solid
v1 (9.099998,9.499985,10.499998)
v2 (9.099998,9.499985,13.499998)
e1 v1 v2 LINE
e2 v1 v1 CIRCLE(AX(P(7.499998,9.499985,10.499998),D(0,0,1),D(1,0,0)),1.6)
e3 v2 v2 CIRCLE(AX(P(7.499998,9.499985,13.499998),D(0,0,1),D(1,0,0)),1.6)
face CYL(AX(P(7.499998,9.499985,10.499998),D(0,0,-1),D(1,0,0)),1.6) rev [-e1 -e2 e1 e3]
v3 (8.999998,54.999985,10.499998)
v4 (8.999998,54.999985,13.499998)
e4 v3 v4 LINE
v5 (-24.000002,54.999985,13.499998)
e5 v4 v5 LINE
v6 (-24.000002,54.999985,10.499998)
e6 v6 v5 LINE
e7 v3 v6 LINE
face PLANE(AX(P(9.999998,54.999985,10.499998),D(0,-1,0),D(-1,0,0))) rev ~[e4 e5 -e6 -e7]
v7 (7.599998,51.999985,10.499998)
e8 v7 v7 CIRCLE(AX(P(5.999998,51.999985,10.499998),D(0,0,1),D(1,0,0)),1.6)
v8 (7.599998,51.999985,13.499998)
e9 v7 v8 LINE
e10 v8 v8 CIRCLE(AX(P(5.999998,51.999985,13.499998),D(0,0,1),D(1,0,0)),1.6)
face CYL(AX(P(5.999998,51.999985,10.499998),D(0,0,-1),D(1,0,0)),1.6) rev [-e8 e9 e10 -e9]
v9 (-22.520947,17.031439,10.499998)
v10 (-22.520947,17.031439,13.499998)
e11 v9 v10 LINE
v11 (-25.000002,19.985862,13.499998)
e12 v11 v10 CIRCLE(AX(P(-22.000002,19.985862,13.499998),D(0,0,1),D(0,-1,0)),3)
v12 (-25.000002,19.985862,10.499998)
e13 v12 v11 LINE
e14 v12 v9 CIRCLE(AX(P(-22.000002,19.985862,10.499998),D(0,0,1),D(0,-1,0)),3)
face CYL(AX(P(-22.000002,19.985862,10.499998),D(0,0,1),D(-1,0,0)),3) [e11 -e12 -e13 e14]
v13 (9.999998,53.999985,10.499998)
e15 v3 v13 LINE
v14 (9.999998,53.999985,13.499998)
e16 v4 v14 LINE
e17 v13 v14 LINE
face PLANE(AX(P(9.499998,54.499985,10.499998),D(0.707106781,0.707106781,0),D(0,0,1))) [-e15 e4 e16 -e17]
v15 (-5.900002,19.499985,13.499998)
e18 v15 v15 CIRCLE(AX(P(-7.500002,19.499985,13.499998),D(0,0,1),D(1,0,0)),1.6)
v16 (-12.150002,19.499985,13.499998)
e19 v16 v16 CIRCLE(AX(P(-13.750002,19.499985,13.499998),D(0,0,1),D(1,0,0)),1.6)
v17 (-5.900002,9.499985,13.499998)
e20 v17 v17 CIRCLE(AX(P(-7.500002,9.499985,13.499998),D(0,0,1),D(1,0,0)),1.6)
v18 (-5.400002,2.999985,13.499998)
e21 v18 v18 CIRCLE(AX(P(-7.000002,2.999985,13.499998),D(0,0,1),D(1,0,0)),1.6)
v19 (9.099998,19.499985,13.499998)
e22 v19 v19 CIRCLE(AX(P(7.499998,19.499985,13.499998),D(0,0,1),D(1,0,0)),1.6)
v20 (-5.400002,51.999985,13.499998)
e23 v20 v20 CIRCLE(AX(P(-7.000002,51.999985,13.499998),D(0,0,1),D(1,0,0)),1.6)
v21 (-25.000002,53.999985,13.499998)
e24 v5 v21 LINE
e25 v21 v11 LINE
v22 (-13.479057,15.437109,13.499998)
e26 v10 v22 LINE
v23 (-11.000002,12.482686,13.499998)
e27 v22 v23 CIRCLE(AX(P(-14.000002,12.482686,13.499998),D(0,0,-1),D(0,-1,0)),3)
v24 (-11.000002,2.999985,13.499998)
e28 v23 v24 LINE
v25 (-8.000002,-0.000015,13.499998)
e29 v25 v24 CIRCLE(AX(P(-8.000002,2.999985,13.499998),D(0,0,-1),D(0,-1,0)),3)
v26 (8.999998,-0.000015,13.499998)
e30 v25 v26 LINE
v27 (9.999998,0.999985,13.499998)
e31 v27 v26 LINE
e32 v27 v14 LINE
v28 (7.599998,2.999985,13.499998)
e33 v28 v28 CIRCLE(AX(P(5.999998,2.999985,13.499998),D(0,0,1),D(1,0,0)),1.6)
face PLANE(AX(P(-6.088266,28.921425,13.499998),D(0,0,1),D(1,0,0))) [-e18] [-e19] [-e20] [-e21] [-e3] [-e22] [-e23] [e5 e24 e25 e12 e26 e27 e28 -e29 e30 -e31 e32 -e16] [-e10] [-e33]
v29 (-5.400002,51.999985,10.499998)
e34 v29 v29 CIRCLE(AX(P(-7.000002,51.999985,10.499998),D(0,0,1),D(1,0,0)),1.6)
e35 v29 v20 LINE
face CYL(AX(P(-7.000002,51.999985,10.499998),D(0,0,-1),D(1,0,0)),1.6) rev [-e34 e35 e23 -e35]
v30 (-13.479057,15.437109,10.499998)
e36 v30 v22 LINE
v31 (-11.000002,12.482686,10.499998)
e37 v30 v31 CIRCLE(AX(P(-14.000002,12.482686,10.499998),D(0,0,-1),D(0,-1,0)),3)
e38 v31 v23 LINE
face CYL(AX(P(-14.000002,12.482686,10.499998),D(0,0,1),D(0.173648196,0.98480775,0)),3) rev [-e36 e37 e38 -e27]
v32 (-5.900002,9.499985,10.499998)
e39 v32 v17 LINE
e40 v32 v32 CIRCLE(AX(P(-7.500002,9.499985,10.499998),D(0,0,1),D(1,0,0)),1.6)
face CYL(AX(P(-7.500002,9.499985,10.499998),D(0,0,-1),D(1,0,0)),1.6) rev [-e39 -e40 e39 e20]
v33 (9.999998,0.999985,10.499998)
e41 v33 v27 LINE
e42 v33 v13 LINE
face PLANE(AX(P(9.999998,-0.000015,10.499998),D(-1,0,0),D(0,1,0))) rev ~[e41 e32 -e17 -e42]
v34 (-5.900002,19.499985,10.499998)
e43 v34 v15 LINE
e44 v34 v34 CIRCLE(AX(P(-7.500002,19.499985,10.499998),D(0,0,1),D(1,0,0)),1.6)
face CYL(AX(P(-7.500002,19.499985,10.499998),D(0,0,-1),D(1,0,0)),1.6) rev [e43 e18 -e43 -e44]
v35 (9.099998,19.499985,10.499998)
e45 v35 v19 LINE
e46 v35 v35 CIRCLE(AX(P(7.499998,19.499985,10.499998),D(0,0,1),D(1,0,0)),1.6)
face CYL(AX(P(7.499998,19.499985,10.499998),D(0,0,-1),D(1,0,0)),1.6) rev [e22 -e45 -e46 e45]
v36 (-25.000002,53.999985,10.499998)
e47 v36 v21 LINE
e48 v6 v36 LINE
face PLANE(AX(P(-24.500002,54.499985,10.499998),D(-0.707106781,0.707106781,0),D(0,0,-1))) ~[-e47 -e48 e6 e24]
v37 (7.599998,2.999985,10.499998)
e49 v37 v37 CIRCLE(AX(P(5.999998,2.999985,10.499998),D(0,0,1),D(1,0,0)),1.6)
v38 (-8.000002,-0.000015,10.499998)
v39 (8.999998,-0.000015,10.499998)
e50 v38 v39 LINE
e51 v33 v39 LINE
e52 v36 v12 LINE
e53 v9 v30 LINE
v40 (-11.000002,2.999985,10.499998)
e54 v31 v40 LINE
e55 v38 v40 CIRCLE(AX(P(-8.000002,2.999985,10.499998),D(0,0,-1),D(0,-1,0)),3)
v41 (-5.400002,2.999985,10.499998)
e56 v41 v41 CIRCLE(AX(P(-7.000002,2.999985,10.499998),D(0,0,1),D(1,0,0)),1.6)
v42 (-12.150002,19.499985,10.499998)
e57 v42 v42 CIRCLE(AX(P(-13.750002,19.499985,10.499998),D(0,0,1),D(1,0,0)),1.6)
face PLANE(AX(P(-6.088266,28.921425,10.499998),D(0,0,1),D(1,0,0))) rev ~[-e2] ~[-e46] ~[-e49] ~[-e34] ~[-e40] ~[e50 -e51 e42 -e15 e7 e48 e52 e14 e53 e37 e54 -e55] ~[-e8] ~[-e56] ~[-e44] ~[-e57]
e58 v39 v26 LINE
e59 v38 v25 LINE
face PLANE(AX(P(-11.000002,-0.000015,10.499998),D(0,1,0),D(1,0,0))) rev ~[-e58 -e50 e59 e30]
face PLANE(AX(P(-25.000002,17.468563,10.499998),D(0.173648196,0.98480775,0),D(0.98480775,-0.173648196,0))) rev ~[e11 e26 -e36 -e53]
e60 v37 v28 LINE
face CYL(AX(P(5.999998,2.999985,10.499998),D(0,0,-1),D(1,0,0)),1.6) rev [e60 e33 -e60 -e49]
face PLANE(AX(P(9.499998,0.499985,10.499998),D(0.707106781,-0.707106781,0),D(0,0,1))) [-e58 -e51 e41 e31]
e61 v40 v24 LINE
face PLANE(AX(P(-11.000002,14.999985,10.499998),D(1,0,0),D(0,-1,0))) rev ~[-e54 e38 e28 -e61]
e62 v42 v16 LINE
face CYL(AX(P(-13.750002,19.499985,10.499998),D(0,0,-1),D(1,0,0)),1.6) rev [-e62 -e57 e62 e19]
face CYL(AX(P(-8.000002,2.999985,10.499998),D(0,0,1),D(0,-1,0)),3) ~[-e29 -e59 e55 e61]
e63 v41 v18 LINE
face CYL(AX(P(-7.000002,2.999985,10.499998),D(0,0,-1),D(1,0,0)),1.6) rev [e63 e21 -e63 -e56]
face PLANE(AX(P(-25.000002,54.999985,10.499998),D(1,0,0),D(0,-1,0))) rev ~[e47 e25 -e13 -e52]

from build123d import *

# Parameters (mm, degrees)
SKETCH081_R     = 1.6
PAD046_DEPTH    = 3
CHAMFER026_SIZE = 1
FILLET021_R     = 3


with BuildPart() as part:
    # Sketch081 → Pad046 (new body)
    with BuildSketch(Plane.XY):
        Polygon((10, 55), (-25, 55), (-25, 17.468578), (-11, 15), (-11, 0), (10, 0), align=None)
        with Locations((-7.5, 19.5)):
            Circle(SKETCH081_R, mode=Mode.SUBTRACT)
        with Locations((7.5, 19.5)):
            Circle(SKETCH081_R, mode=Mode.SUBTRACT)
        with Locations((7.5, 9.5)):
            Circle(SKETCH081_R, mode=Mode.SUBTRACT)
        with Locations((-7.5, 9.5)):
            Circle(SKETCH081_R, mode=Mode.SUBTRACT)
        with Locations((-7, 52)):
            Circle(SKETCH081_R, mode=Mode.SUBTRACT)
        with Locations((6, 52)):
            Circle(SKETCH081_R, mode=Mode.SUBTRACT)
        with Locations((-7, 3)):
            Circle(SKETCH081_R, mode=Mode.SUBTRACT)
        with Locations((6, 3)):
            Circle(SKETCH081_R, mode=Mode.SUBTRACT)
        with Locations((-13.75, 19.5)):
            Circle(SKETCH081_R, mode=Mode.SUBTRACT)
    extrude(amount=PAD046_DEPTH)

    # Chamfer026
    chamfer026_edges = [part.edges().sort_by_distance(p)[0] for p in [
        (10, 0, 1.5),
        (10, 55, 1.5),
        (-25, 55, 1.5),
    ]]
    chamfer(chamfer026_edges, length=CHAMFER026_SIZE)

    # Fillet021
    fillet021_edges = [part.edges().sort_by_distance(p)[0] for p in [
        (-25, 17.468578, 1.5),
        (-11, 15, 1.5),
        (-11, 0, 1.5),
    ]]
    fillet(fillet021_edges, radius=FILLET021_R)


with BuildPart() as part_1:
    # Body038 placement: moved
    add(part.part.moved(Location((-2e-06, -1.5e-05, 10.499998))))


solid = part_1.part
